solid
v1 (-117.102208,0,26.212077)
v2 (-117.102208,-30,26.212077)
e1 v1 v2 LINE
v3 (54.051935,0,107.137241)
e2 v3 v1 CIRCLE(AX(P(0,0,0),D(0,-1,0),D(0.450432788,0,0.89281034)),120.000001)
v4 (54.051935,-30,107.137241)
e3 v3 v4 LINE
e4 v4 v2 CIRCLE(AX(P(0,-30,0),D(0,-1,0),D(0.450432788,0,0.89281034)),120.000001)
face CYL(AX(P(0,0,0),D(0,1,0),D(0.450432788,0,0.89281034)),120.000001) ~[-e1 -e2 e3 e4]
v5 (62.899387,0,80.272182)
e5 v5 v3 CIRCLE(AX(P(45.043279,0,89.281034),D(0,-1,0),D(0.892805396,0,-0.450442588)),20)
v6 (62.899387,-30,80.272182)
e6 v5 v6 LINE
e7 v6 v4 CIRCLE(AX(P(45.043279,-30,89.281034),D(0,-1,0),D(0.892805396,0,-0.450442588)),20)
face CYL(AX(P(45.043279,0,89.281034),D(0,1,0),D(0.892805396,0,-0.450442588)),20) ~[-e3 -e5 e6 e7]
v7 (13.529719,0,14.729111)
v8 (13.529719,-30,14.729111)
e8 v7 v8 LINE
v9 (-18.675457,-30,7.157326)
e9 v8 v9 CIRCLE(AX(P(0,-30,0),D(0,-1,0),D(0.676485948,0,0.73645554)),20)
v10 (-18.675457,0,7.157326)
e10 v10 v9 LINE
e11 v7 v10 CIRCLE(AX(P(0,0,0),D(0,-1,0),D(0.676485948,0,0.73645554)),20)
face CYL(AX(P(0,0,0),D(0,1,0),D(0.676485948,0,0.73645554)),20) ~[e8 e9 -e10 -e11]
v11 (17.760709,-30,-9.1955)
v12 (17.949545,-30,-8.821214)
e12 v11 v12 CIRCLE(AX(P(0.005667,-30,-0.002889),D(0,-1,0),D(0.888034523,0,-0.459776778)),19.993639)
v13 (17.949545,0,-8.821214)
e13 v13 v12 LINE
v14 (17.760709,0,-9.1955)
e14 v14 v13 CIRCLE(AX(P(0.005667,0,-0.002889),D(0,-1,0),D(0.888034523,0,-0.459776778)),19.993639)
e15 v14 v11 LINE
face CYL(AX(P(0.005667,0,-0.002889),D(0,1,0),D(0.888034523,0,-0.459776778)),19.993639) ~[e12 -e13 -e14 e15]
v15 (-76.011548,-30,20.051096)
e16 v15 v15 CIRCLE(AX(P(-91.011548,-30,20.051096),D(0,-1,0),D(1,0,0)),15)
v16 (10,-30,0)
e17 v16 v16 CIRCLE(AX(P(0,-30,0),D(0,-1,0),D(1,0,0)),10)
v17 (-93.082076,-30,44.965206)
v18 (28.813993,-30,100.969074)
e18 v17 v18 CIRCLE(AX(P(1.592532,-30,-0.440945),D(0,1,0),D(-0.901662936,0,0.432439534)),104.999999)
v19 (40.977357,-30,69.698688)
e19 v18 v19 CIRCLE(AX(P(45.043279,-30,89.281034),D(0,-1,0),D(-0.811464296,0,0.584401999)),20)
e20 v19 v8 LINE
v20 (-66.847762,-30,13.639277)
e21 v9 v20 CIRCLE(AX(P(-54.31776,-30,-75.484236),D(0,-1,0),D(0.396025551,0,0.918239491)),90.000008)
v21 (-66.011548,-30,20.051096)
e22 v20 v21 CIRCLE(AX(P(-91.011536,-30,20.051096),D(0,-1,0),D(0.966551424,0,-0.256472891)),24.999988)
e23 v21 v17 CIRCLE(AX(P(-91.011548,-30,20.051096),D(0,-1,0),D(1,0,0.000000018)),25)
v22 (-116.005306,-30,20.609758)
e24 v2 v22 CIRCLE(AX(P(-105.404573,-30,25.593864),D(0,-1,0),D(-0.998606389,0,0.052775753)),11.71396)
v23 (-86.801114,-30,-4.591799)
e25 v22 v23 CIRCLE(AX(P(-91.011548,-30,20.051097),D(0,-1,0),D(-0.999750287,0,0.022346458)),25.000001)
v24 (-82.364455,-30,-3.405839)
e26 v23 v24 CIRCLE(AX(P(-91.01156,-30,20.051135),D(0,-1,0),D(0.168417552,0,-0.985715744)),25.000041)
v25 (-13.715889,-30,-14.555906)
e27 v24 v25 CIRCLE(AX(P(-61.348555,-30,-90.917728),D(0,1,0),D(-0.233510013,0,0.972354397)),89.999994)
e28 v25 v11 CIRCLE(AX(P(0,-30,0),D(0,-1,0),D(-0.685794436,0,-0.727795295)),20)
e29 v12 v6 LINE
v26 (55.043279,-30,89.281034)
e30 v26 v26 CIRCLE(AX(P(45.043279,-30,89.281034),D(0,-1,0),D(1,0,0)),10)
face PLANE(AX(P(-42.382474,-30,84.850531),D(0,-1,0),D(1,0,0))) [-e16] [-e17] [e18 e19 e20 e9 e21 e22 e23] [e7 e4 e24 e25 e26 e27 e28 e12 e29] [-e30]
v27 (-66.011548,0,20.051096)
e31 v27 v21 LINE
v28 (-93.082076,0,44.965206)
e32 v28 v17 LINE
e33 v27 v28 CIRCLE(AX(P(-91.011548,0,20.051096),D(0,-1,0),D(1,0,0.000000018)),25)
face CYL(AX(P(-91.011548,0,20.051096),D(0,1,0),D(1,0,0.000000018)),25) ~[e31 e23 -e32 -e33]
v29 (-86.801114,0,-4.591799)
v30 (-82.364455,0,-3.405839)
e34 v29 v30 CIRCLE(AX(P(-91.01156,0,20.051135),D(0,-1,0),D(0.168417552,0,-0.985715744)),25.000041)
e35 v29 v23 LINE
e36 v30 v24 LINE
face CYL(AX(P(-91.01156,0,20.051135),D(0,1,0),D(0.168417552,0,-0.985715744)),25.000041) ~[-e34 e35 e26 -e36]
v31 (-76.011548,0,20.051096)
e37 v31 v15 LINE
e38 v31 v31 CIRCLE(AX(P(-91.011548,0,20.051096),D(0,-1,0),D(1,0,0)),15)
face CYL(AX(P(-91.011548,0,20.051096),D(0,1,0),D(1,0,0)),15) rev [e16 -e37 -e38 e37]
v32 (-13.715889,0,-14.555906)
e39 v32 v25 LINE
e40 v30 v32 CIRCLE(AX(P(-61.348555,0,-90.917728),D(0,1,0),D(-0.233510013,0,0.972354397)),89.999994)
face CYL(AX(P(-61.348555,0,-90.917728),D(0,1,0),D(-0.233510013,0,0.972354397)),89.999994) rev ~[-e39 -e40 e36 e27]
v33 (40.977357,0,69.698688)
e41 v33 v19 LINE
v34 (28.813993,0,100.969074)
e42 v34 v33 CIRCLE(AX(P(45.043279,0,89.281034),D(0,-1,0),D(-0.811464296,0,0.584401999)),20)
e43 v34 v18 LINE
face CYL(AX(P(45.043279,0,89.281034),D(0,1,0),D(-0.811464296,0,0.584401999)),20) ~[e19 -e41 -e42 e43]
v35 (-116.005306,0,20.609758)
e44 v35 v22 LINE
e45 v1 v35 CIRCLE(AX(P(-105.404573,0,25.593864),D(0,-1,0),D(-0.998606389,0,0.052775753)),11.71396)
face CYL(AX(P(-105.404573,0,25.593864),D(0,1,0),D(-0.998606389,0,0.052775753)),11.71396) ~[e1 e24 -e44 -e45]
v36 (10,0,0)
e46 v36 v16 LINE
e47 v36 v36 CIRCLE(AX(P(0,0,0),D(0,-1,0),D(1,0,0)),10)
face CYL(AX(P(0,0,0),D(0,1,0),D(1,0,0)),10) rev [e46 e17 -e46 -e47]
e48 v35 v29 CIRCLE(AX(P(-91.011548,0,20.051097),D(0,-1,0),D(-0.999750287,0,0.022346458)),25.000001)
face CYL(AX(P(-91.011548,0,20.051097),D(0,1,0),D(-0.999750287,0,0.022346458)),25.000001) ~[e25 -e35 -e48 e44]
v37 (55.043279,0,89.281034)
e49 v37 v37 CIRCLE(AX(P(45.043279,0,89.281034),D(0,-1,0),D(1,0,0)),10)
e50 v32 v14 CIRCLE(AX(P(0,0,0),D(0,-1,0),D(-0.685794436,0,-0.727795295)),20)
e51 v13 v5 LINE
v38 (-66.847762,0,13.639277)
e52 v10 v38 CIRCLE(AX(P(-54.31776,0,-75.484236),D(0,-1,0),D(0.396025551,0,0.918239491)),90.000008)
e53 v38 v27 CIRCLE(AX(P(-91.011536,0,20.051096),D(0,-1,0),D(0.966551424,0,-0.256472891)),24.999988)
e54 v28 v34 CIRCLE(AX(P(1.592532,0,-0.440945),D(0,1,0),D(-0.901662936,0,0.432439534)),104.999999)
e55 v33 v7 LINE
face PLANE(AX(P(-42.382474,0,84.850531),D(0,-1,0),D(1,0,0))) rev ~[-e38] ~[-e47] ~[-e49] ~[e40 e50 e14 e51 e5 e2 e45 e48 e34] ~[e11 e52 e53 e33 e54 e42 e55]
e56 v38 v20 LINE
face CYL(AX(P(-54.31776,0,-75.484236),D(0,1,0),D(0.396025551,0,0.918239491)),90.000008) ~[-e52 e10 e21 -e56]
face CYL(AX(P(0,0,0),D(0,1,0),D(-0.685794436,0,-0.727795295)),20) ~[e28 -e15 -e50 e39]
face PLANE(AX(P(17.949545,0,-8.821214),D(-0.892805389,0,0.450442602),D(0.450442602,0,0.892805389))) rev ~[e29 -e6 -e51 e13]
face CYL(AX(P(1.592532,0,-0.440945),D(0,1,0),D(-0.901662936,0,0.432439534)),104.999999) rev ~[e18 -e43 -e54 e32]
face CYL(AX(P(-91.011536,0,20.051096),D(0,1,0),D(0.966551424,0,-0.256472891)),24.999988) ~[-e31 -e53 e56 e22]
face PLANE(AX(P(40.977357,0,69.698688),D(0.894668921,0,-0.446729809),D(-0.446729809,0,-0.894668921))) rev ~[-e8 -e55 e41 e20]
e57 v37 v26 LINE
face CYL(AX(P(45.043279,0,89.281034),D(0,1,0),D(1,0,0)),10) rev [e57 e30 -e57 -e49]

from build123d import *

# Parameters (mm, degrees)
F0_R     = 10
F0_R_2   = 15
F1_DEPTH = 30


with BuildPart() as f1:
    # F0 (on Front) → F1 (new body)
    with BuildSketch(Plane.XZ):
        with BuildLine():
            ThreePointArc((28.813993, 100.969074), (40.295021, 108.709211), (54.051935, 107.137241))
            ThreePointArc((54.051935, 107.137241), (-51.293808, 108.48477), (-117.102208, 26.212077))
            ThreePointArc((-117.102208, 26.212077), (-116.900259, 23.343074), (-116.005306, 20.609758))
            ThreePointArc((-116.005306, 20.609758), (-109.216379, 37.185393), (-93.082076, 44.965206))
            ThreePointArc((-93.082076, 44.965206), (-42.243413, 94.970846), (28.813993, 100.969074))
        make_face()
        with BuildLine():
            ThreePointArc((62.899387, 80.272182), (64.03964, 95.537093), (54.051935, 107.137241))
            ThreePointArc((54.051935, 107.137241), (40.295021, 108.709211), (28.813993, 100.969074))
            ThreePointArc((28.813993, 100.969074), (26.403721, 82.030732), (40.977357, 69.698688))
            Line((40.977357, 69.698688), (13.529719, 14.729111))
            ThreePointArc((13.529719, 14.729111), (-4.577405, 19.469139), (-18.675457, 7.157326))
            ThreePointArc((-18.675457, 7.157326), (-19.497844, -4.453546), (-13.715889, -14.555906))
            ThreePointArc((-13.715889, -14.555906), (3.357623, -19.716145), (17.760709, -9.1955))
            Line((17.760709, -9.1955), (17.949545, -8.821214))
            Line((17.949545, -8.821214), (62.899387, 80.272182))
        make_face()
        Circle(F0_R, mode=Mode.SUBTRACT)
        with Locations((45.043279, 89.281034)):
            Circle(F0_R, mode=Mode.SUBTRACT)
        with BuildLine():
            ThreePointArc((-93.082076, 44.965206), (-109.216379, 37.185393), (-116.005306, 20.609758))
            ThreePointArc((-116.005306, 20.609758), (-107.344528, 1.124031), (-86.801114, -4.591799))
            ThreePointArc((-86.801114, -4.591799), (-84.59035, -3.970516), (-82.364455, -3.405839))
            ThreePointArc((-82.364455, -3.405839), (-72.52446, 3.22173), (-66.847762, 13.639277))
            ThreePointArc((-66.847762, 13.639277), (-66.221483, 16.818037), (-66.011548, 20.051096))
            ThreePointArc((-66.011548, 20.051096), (-74.08174, 38.446247), (-93.082076, 44.965206))
        make_face()
        with Locations((-91.011548, 20.051096)):
            Circle(F0_R_2, mode=Mode.SUBTRACT)
        with BuildLine():
            ThreePointArc((17.760709, -9.1955), (17.856108, -9.008852), (17.949545, -8.821214))
            Line((17.949545, -8.821214), (17.760709, -9.1955))
        make_face()
        with BuildLine():
            ThreePointArc((-82.364455, -3.405839), (-84.59035, -3.970516), (-86.801114, -4.591799))
            ThreePointArc((-86.801114, -4.591799), (-84.555495, -4.10091), (-82.364455, -3.405839))
        make_face()
        with BuildLine():
            ThreePointArc((-66.847762, 13.639277), (-72.52446, 3.22173), (-82.364455, -3.405839))
            ThreePointArc((-82.364455, -3.405839), (-46.919624, -2.081898), (-13.715889, -14.555906))
            ThreePointArc((-13.715889, -14.555906), (-19.497844, -4.453546), (-18.675457, 7.157326))
            ThreePointArc((-18.675457, 7.157326), (-42.315738, 13.711913), (-66.847762, 13.639277))
        make_face()
    extrude(amount=F1_DEPTH)


solid = f1.part
